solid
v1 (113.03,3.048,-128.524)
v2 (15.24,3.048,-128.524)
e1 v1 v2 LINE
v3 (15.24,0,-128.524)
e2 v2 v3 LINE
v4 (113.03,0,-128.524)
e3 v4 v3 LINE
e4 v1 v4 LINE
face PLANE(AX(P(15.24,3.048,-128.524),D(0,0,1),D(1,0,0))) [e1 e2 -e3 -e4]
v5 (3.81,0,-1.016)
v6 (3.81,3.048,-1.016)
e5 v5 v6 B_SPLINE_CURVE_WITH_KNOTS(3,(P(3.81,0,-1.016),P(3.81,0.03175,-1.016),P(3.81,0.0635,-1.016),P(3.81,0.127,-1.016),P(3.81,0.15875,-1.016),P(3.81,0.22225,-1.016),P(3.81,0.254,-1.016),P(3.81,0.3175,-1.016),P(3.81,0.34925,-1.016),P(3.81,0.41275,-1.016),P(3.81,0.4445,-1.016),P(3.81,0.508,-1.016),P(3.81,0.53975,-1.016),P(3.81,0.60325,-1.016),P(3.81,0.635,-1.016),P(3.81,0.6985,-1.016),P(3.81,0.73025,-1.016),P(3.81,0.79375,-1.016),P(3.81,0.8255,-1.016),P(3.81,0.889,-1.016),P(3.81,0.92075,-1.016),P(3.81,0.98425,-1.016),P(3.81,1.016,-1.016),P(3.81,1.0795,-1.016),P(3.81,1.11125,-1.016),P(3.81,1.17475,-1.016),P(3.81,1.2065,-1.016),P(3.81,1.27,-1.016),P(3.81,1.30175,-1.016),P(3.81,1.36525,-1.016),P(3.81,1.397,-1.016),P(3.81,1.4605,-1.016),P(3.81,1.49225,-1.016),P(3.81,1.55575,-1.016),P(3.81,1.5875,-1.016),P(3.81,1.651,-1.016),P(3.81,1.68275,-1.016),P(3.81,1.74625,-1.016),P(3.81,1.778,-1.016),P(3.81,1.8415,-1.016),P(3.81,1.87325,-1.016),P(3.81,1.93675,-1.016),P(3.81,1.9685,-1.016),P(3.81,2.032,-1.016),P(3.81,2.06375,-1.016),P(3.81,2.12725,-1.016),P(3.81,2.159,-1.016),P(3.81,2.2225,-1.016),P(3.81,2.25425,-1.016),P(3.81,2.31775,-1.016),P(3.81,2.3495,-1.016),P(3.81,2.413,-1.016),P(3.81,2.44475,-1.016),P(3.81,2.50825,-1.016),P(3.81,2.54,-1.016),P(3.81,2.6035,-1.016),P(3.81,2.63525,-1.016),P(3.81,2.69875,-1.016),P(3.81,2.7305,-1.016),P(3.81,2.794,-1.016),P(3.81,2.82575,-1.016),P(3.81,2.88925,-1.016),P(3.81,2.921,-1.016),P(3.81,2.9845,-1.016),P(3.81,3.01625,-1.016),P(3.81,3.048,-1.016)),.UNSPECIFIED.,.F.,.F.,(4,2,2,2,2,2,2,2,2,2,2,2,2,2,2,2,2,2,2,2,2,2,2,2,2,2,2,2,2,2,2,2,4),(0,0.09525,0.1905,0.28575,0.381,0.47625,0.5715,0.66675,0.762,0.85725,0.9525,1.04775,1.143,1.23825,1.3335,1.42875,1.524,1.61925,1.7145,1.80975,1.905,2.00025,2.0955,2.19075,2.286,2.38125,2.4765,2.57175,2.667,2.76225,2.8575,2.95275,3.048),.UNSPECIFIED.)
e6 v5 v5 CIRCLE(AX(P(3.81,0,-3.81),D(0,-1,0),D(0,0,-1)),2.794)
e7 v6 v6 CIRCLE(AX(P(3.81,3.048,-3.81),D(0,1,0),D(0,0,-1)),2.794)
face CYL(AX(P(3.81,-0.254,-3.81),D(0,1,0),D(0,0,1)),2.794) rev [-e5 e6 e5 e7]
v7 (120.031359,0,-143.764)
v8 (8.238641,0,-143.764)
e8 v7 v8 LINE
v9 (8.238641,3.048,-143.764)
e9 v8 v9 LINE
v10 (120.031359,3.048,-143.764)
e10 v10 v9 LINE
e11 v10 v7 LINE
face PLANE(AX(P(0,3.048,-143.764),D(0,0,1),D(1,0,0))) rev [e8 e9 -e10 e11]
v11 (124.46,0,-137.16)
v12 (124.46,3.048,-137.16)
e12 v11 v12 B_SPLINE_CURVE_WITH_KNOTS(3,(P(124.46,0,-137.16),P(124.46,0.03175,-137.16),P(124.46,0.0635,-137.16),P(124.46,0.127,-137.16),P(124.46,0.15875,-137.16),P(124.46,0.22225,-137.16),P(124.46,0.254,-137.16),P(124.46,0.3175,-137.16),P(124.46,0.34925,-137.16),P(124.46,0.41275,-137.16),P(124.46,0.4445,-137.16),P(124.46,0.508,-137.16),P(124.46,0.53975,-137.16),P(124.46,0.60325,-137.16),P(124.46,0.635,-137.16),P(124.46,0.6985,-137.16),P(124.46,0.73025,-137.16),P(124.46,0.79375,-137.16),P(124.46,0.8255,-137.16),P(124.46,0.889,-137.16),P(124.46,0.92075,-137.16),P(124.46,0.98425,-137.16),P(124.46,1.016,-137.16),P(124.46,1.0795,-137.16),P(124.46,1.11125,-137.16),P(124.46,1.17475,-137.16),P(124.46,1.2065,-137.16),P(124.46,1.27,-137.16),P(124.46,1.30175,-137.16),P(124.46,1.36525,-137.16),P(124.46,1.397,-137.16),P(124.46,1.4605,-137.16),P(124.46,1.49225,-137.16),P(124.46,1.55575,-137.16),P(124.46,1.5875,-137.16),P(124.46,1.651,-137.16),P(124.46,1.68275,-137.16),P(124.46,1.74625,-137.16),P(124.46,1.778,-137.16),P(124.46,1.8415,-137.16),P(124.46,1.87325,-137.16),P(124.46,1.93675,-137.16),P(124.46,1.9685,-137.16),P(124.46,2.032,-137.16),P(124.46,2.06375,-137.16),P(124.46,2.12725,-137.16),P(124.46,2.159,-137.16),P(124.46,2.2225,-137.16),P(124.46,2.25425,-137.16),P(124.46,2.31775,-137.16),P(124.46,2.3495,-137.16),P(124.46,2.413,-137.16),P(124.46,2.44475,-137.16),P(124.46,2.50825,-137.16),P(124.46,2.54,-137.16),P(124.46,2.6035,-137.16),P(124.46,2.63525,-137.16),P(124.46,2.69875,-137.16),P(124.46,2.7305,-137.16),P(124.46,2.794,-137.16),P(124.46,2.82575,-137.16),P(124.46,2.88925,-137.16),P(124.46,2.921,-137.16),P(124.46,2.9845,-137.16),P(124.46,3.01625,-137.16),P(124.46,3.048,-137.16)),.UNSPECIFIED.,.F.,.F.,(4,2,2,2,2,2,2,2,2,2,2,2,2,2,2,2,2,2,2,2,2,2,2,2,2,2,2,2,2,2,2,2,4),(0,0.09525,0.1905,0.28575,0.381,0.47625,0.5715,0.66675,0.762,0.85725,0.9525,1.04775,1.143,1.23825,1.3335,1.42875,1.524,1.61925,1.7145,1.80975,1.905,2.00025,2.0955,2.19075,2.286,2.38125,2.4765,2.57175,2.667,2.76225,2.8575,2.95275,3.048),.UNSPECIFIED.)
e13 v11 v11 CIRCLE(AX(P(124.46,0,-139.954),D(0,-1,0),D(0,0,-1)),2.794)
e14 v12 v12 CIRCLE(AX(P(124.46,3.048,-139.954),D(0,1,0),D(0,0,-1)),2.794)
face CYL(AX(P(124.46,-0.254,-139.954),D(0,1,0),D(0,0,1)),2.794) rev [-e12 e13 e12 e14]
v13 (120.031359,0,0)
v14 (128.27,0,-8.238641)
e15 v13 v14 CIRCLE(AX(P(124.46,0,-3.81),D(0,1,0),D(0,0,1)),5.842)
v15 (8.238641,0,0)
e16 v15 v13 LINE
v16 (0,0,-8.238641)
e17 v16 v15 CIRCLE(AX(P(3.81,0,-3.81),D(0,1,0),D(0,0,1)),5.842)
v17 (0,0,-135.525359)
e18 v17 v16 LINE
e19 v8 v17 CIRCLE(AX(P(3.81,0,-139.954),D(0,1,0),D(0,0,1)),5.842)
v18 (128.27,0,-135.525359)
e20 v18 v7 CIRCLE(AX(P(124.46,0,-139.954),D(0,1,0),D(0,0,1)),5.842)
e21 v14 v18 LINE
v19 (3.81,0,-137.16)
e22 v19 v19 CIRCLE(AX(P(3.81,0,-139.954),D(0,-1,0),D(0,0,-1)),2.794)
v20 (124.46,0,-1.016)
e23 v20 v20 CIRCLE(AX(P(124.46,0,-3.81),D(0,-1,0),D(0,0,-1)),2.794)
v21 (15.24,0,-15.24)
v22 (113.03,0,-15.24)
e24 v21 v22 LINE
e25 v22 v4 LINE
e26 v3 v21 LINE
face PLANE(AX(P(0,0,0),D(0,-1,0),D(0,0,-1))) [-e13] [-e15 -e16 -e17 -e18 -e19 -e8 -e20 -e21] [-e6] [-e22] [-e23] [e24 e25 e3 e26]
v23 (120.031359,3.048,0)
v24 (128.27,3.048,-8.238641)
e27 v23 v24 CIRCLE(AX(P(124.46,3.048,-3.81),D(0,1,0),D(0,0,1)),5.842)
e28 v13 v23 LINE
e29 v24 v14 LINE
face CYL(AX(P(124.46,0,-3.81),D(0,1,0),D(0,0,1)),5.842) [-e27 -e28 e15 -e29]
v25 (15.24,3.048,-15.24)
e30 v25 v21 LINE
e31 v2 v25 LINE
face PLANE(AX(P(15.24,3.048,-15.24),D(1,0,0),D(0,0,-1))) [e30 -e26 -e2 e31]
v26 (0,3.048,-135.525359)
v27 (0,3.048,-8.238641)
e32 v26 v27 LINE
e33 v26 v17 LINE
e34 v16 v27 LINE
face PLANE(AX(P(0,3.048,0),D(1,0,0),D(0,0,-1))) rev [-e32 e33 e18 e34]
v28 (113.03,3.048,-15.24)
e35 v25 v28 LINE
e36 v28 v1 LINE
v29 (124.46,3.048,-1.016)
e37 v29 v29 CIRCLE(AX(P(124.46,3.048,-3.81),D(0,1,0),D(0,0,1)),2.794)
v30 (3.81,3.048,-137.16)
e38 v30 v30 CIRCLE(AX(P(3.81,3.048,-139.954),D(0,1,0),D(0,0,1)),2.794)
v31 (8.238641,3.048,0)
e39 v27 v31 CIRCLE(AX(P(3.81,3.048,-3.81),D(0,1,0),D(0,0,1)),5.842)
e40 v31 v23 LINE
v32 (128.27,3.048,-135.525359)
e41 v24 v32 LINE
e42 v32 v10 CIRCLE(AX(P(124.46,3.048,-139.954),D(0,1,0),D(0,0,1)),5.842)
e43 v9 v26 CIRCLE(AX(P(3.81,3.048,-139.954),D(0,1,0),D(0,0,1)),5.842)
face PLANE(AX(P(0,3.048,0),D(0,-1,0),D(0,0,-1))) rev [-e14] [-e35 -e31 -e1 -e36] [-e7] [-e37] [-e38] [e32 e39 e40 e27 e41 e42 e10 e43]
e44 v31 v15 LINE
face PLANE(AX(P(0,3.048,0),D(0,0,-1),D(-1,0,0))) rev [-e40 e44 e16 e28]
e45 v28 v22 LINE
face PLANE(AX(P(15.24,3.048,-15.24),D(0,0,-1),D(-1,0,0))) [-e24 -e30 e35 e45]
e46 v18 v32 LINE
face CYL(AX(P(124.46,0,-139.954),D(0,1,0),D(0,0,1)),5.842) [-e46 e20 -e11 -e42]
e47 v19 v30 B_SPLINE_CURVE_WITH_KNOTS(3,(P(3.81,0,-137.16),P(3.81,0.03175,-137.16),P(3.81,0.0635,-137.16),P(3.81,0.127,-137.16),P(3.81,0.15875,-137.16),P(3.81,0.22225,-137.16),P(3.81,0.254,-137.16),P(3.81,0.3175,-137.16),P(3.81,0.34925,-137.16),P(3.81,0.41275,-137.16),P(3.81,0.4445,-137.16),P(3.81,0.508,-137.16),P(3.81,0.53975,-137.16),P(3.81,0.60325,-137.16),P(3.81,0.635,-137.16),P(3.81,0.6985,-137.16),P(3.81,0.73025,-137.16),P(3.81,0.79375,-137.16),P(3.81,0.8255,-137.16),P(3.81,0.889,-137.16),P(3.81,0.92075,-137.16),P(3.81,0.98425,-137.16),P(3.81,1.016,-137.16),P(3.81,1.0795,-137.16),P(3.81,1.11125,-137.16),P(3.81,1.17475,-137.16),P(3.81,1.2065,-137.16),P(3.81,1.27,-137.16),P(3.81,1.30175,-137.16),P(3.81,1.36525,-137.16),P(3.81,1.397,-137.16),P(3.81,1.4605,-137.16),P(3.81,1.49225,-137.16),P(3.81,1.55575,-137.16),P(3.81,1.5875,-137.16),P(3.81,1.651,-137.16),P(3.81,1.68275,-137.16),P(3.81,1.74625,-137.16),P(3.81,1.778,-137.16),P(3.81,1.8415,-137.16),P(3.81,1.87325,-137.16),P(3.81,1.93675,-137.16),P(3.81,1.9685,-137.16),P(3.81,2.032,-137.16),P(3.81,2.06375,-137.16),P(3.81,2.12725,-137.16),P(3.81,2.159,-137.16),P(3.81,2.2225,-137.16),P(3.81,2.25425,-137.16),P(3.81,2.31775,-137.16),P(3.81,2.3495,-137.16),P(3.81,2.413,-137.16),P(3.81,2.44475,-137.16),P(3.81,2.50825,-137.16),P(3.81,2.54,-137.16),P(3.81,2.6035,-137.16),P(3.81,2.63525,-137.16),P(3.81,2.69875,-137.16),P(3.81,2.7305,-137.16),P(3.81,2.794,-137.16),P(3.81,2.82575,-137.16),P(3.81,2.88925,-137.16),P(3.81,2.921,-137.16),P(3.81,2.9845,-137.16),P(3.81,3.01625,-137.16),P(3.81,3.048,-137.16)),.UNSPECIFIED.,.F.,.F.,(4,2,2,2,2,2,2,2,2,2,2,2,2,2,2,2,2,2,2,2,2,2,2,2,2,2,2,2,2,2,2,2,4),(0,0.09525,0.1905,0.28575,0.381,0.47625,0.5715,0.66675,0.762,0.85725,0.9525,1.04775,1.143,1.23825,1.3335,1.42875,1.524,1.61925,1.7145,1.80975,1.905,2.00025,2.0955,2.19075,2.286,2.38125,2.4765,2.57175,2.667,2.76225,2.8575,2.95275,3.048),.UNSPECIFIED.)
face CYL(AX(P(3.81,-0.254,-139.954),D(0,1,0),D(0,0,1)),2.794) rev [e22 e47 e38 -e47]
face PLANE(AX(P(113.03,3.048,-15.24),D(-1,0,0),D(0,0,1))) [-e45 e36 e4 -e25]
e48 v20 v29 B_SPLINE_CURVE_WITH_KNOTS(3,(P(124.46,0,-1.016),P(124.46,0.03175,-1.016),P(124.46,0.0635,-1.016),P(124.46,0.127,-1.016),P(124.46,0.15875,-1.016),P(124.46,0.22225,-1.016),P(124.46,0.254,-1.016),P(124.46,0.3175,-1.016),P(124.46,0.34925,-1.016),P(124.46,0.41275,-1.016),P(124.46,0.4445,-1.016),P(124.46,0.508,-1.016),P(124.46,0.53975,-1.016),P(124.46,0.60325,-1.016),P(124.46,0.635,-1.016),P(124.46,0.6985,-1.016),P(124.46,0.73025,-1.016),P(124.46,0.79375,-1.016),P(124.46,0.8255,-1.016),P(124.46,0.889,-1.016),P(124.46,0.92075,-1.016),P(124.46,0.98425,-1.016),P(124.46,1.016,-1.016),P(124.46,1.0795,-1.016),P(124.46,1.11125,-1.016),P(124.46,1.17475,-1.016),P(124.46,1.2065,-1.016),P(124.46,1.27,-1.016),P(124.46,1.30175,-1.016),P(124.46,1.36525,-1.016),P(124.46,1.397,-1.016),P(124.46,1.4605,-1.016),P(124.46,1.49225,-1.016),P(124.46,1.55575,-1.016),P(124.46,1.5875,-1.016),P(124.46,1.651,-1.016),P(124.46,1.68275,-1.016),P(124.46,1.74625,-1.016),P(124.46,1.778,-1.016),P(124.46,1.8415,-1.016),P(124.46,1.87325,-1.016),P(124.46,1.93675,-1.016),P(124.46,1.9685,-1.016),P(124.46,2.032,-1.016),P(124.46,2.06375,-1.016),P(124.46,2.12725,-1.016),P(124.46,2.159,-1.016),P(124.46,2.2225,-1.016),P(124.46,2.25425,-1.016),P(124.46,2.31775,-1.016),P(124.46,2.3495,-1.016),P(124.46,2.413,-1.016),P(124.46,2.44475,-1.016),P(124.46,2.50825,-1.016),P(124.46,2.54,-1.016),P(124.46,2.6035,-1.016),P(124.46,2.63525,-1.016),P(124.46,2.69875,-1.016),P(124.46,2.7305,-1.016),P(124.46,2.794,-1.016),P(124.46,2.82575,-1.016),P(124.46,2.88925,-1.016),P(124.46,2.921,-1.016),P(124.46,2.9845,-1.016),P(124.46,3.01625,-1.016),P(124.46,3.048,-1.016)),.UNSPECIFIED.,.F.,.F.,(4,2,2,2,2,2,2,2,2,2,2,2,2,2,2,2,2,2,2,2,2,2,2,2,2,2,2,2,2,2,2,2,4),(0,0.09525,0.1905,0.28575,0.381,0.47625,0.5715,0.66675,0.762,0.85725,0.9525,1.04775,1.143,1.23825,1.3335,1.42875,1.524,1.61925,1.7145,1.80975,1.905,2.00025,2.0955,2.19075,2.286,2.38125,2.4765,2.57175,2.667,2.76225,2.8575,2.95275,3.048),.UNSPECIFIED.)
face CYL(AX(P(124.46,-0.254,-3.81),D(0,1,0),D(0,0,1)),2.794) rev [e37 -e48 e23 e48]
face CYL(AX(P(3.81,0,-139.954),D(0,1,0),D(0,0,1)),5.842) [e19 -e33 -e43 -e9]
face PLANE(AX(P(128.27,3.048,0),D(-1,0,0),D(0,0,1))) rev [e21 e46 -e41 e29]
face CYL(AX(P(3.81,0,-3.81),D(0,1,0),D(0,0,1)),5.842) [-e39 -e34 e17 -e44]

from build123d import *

# Parameters (mm, degrees)
SKETCH1_W           = 128.27
SKETCH1_H           = 143.764
SKETCH1_W_2         = 97.79
SKETCH1_H_2         = 113.284
BOSS_EXTRUDE1_DEPTH = 3.048
SKETCH2_R           = 2.794
CUT_EXTRUDE1_DEPTH  = 3.302
SKETCH4_R           = 5.842
SKETCH4_R_2         = 2.794
BOSS_EXTRUDE2_DEPTH = 3.048


with BuildPart() as part:
    # Sketch1 → Boss-Extrude1 (new body)
    with BuildSketch(Plane(origin=(0, 0, 0), x_dir=(1, 0, 0), z_dir=(0, 1, 0))):
        with Locations((64.135, 71.882)):
            Rectangle(SKETCH1_W, SKETCH1_H)
        with Locations((64.135, 71.882)):
            Rectangle(SKETCH1_W_2, SKETCH1_H_2, mode=Mode.SUBTRACT)
    extrude(amount=BOSS_EXTRUDE1_DEPTH)

    # Sketch2 → Cut-Extrude1 (cut)
    with BuildSketch(Plane(origin=(0, 3.048, 0), x_dir=(1, 0, 0), z_dir=(0, 1, 0))):
        with Locations(Location((3.81, 139.954, 0), (0, 0, 270))):
            Circle(SKETCH2_R)
        with Locations(Location((124.46, 139.954, 0), (0, 0, 270))):
            Circle(SKETCH2_R)
        with Locations(Location((124.46, 3.81, 0), (0, 0, 270))):
            Circle(SKETCH2_R)
        with Locations(Location((3.81, 3.81, 0), (0, 0, 270))):
            Circle(SKETCH2_R)
    extrude(amount=-CUT_EXTRUDE1_DEPTH, mode=Mode.SUBTRACT)

    # Sketch4 → Boss-Extrude2 (add, through all)
    # profile 1 of 4: a face of its own
    with BuildSketch(Plane(origin=(0, 3.048, 0), x_dir=(1, 0, 0), z_dir=(0, 1, 0))):
        with Locations((3.81, 139.954)):
            Circle(SKETCH4_R)
        with Locations(Location((3.81, 139.954, 0), (0, 0, 270))):
            Circle(SKETCH4_R_2, mode=Mode.SUBTRACT)
    # profile 2 of 4: a face of its own
    with BuildSketch(Plane(origin=(0, 3.048, 0), x_dir=(1, 0, 0), z_dir=(0, 1, 0))):
        with Locations((124.46, 139.954)):
            Circle(SKETCH4_R)
        with Locations(Location((124.46, 139.954, 0), (0, 0, 270))):
            Circle(SKETCH4_R_2, mode=Mode.SUBTRACT)
    # profile 3 of 4: a face of its own
    with BuildSketch(Plane(origin=(0, 3.048, 0), x_dir=(1, 0, 0), z_dir=(0, 1, 0))):
        with Locations((124.46, 3.81)):
            Circle(SKETCH4_R)
        with Locations(Location((124.46, 3.81, 0), (0, 0, 270))):
            Circle(SKETCH4_R_2, mode=Mode.SUBTRACT)
    # profile 4 of 4: a face of its own
    with BuildSketch(Plane(origin=(0, 3.048, 0), x_dir=(1, 0, 0), z_dir=(0, 1, 0))):
        with Locations((3.81, 3.81)):
            Circle(SKETCH4_R)
        with Locations(Location((3.81, 3.81, 0), (0, 0, 270))):
            Circle(SKETCH4_R_2, mode=Mode.SUBTRACT)
    extrude(amount=-BOSS_EXTRUDE2_DEPTH)


solid = part.part
